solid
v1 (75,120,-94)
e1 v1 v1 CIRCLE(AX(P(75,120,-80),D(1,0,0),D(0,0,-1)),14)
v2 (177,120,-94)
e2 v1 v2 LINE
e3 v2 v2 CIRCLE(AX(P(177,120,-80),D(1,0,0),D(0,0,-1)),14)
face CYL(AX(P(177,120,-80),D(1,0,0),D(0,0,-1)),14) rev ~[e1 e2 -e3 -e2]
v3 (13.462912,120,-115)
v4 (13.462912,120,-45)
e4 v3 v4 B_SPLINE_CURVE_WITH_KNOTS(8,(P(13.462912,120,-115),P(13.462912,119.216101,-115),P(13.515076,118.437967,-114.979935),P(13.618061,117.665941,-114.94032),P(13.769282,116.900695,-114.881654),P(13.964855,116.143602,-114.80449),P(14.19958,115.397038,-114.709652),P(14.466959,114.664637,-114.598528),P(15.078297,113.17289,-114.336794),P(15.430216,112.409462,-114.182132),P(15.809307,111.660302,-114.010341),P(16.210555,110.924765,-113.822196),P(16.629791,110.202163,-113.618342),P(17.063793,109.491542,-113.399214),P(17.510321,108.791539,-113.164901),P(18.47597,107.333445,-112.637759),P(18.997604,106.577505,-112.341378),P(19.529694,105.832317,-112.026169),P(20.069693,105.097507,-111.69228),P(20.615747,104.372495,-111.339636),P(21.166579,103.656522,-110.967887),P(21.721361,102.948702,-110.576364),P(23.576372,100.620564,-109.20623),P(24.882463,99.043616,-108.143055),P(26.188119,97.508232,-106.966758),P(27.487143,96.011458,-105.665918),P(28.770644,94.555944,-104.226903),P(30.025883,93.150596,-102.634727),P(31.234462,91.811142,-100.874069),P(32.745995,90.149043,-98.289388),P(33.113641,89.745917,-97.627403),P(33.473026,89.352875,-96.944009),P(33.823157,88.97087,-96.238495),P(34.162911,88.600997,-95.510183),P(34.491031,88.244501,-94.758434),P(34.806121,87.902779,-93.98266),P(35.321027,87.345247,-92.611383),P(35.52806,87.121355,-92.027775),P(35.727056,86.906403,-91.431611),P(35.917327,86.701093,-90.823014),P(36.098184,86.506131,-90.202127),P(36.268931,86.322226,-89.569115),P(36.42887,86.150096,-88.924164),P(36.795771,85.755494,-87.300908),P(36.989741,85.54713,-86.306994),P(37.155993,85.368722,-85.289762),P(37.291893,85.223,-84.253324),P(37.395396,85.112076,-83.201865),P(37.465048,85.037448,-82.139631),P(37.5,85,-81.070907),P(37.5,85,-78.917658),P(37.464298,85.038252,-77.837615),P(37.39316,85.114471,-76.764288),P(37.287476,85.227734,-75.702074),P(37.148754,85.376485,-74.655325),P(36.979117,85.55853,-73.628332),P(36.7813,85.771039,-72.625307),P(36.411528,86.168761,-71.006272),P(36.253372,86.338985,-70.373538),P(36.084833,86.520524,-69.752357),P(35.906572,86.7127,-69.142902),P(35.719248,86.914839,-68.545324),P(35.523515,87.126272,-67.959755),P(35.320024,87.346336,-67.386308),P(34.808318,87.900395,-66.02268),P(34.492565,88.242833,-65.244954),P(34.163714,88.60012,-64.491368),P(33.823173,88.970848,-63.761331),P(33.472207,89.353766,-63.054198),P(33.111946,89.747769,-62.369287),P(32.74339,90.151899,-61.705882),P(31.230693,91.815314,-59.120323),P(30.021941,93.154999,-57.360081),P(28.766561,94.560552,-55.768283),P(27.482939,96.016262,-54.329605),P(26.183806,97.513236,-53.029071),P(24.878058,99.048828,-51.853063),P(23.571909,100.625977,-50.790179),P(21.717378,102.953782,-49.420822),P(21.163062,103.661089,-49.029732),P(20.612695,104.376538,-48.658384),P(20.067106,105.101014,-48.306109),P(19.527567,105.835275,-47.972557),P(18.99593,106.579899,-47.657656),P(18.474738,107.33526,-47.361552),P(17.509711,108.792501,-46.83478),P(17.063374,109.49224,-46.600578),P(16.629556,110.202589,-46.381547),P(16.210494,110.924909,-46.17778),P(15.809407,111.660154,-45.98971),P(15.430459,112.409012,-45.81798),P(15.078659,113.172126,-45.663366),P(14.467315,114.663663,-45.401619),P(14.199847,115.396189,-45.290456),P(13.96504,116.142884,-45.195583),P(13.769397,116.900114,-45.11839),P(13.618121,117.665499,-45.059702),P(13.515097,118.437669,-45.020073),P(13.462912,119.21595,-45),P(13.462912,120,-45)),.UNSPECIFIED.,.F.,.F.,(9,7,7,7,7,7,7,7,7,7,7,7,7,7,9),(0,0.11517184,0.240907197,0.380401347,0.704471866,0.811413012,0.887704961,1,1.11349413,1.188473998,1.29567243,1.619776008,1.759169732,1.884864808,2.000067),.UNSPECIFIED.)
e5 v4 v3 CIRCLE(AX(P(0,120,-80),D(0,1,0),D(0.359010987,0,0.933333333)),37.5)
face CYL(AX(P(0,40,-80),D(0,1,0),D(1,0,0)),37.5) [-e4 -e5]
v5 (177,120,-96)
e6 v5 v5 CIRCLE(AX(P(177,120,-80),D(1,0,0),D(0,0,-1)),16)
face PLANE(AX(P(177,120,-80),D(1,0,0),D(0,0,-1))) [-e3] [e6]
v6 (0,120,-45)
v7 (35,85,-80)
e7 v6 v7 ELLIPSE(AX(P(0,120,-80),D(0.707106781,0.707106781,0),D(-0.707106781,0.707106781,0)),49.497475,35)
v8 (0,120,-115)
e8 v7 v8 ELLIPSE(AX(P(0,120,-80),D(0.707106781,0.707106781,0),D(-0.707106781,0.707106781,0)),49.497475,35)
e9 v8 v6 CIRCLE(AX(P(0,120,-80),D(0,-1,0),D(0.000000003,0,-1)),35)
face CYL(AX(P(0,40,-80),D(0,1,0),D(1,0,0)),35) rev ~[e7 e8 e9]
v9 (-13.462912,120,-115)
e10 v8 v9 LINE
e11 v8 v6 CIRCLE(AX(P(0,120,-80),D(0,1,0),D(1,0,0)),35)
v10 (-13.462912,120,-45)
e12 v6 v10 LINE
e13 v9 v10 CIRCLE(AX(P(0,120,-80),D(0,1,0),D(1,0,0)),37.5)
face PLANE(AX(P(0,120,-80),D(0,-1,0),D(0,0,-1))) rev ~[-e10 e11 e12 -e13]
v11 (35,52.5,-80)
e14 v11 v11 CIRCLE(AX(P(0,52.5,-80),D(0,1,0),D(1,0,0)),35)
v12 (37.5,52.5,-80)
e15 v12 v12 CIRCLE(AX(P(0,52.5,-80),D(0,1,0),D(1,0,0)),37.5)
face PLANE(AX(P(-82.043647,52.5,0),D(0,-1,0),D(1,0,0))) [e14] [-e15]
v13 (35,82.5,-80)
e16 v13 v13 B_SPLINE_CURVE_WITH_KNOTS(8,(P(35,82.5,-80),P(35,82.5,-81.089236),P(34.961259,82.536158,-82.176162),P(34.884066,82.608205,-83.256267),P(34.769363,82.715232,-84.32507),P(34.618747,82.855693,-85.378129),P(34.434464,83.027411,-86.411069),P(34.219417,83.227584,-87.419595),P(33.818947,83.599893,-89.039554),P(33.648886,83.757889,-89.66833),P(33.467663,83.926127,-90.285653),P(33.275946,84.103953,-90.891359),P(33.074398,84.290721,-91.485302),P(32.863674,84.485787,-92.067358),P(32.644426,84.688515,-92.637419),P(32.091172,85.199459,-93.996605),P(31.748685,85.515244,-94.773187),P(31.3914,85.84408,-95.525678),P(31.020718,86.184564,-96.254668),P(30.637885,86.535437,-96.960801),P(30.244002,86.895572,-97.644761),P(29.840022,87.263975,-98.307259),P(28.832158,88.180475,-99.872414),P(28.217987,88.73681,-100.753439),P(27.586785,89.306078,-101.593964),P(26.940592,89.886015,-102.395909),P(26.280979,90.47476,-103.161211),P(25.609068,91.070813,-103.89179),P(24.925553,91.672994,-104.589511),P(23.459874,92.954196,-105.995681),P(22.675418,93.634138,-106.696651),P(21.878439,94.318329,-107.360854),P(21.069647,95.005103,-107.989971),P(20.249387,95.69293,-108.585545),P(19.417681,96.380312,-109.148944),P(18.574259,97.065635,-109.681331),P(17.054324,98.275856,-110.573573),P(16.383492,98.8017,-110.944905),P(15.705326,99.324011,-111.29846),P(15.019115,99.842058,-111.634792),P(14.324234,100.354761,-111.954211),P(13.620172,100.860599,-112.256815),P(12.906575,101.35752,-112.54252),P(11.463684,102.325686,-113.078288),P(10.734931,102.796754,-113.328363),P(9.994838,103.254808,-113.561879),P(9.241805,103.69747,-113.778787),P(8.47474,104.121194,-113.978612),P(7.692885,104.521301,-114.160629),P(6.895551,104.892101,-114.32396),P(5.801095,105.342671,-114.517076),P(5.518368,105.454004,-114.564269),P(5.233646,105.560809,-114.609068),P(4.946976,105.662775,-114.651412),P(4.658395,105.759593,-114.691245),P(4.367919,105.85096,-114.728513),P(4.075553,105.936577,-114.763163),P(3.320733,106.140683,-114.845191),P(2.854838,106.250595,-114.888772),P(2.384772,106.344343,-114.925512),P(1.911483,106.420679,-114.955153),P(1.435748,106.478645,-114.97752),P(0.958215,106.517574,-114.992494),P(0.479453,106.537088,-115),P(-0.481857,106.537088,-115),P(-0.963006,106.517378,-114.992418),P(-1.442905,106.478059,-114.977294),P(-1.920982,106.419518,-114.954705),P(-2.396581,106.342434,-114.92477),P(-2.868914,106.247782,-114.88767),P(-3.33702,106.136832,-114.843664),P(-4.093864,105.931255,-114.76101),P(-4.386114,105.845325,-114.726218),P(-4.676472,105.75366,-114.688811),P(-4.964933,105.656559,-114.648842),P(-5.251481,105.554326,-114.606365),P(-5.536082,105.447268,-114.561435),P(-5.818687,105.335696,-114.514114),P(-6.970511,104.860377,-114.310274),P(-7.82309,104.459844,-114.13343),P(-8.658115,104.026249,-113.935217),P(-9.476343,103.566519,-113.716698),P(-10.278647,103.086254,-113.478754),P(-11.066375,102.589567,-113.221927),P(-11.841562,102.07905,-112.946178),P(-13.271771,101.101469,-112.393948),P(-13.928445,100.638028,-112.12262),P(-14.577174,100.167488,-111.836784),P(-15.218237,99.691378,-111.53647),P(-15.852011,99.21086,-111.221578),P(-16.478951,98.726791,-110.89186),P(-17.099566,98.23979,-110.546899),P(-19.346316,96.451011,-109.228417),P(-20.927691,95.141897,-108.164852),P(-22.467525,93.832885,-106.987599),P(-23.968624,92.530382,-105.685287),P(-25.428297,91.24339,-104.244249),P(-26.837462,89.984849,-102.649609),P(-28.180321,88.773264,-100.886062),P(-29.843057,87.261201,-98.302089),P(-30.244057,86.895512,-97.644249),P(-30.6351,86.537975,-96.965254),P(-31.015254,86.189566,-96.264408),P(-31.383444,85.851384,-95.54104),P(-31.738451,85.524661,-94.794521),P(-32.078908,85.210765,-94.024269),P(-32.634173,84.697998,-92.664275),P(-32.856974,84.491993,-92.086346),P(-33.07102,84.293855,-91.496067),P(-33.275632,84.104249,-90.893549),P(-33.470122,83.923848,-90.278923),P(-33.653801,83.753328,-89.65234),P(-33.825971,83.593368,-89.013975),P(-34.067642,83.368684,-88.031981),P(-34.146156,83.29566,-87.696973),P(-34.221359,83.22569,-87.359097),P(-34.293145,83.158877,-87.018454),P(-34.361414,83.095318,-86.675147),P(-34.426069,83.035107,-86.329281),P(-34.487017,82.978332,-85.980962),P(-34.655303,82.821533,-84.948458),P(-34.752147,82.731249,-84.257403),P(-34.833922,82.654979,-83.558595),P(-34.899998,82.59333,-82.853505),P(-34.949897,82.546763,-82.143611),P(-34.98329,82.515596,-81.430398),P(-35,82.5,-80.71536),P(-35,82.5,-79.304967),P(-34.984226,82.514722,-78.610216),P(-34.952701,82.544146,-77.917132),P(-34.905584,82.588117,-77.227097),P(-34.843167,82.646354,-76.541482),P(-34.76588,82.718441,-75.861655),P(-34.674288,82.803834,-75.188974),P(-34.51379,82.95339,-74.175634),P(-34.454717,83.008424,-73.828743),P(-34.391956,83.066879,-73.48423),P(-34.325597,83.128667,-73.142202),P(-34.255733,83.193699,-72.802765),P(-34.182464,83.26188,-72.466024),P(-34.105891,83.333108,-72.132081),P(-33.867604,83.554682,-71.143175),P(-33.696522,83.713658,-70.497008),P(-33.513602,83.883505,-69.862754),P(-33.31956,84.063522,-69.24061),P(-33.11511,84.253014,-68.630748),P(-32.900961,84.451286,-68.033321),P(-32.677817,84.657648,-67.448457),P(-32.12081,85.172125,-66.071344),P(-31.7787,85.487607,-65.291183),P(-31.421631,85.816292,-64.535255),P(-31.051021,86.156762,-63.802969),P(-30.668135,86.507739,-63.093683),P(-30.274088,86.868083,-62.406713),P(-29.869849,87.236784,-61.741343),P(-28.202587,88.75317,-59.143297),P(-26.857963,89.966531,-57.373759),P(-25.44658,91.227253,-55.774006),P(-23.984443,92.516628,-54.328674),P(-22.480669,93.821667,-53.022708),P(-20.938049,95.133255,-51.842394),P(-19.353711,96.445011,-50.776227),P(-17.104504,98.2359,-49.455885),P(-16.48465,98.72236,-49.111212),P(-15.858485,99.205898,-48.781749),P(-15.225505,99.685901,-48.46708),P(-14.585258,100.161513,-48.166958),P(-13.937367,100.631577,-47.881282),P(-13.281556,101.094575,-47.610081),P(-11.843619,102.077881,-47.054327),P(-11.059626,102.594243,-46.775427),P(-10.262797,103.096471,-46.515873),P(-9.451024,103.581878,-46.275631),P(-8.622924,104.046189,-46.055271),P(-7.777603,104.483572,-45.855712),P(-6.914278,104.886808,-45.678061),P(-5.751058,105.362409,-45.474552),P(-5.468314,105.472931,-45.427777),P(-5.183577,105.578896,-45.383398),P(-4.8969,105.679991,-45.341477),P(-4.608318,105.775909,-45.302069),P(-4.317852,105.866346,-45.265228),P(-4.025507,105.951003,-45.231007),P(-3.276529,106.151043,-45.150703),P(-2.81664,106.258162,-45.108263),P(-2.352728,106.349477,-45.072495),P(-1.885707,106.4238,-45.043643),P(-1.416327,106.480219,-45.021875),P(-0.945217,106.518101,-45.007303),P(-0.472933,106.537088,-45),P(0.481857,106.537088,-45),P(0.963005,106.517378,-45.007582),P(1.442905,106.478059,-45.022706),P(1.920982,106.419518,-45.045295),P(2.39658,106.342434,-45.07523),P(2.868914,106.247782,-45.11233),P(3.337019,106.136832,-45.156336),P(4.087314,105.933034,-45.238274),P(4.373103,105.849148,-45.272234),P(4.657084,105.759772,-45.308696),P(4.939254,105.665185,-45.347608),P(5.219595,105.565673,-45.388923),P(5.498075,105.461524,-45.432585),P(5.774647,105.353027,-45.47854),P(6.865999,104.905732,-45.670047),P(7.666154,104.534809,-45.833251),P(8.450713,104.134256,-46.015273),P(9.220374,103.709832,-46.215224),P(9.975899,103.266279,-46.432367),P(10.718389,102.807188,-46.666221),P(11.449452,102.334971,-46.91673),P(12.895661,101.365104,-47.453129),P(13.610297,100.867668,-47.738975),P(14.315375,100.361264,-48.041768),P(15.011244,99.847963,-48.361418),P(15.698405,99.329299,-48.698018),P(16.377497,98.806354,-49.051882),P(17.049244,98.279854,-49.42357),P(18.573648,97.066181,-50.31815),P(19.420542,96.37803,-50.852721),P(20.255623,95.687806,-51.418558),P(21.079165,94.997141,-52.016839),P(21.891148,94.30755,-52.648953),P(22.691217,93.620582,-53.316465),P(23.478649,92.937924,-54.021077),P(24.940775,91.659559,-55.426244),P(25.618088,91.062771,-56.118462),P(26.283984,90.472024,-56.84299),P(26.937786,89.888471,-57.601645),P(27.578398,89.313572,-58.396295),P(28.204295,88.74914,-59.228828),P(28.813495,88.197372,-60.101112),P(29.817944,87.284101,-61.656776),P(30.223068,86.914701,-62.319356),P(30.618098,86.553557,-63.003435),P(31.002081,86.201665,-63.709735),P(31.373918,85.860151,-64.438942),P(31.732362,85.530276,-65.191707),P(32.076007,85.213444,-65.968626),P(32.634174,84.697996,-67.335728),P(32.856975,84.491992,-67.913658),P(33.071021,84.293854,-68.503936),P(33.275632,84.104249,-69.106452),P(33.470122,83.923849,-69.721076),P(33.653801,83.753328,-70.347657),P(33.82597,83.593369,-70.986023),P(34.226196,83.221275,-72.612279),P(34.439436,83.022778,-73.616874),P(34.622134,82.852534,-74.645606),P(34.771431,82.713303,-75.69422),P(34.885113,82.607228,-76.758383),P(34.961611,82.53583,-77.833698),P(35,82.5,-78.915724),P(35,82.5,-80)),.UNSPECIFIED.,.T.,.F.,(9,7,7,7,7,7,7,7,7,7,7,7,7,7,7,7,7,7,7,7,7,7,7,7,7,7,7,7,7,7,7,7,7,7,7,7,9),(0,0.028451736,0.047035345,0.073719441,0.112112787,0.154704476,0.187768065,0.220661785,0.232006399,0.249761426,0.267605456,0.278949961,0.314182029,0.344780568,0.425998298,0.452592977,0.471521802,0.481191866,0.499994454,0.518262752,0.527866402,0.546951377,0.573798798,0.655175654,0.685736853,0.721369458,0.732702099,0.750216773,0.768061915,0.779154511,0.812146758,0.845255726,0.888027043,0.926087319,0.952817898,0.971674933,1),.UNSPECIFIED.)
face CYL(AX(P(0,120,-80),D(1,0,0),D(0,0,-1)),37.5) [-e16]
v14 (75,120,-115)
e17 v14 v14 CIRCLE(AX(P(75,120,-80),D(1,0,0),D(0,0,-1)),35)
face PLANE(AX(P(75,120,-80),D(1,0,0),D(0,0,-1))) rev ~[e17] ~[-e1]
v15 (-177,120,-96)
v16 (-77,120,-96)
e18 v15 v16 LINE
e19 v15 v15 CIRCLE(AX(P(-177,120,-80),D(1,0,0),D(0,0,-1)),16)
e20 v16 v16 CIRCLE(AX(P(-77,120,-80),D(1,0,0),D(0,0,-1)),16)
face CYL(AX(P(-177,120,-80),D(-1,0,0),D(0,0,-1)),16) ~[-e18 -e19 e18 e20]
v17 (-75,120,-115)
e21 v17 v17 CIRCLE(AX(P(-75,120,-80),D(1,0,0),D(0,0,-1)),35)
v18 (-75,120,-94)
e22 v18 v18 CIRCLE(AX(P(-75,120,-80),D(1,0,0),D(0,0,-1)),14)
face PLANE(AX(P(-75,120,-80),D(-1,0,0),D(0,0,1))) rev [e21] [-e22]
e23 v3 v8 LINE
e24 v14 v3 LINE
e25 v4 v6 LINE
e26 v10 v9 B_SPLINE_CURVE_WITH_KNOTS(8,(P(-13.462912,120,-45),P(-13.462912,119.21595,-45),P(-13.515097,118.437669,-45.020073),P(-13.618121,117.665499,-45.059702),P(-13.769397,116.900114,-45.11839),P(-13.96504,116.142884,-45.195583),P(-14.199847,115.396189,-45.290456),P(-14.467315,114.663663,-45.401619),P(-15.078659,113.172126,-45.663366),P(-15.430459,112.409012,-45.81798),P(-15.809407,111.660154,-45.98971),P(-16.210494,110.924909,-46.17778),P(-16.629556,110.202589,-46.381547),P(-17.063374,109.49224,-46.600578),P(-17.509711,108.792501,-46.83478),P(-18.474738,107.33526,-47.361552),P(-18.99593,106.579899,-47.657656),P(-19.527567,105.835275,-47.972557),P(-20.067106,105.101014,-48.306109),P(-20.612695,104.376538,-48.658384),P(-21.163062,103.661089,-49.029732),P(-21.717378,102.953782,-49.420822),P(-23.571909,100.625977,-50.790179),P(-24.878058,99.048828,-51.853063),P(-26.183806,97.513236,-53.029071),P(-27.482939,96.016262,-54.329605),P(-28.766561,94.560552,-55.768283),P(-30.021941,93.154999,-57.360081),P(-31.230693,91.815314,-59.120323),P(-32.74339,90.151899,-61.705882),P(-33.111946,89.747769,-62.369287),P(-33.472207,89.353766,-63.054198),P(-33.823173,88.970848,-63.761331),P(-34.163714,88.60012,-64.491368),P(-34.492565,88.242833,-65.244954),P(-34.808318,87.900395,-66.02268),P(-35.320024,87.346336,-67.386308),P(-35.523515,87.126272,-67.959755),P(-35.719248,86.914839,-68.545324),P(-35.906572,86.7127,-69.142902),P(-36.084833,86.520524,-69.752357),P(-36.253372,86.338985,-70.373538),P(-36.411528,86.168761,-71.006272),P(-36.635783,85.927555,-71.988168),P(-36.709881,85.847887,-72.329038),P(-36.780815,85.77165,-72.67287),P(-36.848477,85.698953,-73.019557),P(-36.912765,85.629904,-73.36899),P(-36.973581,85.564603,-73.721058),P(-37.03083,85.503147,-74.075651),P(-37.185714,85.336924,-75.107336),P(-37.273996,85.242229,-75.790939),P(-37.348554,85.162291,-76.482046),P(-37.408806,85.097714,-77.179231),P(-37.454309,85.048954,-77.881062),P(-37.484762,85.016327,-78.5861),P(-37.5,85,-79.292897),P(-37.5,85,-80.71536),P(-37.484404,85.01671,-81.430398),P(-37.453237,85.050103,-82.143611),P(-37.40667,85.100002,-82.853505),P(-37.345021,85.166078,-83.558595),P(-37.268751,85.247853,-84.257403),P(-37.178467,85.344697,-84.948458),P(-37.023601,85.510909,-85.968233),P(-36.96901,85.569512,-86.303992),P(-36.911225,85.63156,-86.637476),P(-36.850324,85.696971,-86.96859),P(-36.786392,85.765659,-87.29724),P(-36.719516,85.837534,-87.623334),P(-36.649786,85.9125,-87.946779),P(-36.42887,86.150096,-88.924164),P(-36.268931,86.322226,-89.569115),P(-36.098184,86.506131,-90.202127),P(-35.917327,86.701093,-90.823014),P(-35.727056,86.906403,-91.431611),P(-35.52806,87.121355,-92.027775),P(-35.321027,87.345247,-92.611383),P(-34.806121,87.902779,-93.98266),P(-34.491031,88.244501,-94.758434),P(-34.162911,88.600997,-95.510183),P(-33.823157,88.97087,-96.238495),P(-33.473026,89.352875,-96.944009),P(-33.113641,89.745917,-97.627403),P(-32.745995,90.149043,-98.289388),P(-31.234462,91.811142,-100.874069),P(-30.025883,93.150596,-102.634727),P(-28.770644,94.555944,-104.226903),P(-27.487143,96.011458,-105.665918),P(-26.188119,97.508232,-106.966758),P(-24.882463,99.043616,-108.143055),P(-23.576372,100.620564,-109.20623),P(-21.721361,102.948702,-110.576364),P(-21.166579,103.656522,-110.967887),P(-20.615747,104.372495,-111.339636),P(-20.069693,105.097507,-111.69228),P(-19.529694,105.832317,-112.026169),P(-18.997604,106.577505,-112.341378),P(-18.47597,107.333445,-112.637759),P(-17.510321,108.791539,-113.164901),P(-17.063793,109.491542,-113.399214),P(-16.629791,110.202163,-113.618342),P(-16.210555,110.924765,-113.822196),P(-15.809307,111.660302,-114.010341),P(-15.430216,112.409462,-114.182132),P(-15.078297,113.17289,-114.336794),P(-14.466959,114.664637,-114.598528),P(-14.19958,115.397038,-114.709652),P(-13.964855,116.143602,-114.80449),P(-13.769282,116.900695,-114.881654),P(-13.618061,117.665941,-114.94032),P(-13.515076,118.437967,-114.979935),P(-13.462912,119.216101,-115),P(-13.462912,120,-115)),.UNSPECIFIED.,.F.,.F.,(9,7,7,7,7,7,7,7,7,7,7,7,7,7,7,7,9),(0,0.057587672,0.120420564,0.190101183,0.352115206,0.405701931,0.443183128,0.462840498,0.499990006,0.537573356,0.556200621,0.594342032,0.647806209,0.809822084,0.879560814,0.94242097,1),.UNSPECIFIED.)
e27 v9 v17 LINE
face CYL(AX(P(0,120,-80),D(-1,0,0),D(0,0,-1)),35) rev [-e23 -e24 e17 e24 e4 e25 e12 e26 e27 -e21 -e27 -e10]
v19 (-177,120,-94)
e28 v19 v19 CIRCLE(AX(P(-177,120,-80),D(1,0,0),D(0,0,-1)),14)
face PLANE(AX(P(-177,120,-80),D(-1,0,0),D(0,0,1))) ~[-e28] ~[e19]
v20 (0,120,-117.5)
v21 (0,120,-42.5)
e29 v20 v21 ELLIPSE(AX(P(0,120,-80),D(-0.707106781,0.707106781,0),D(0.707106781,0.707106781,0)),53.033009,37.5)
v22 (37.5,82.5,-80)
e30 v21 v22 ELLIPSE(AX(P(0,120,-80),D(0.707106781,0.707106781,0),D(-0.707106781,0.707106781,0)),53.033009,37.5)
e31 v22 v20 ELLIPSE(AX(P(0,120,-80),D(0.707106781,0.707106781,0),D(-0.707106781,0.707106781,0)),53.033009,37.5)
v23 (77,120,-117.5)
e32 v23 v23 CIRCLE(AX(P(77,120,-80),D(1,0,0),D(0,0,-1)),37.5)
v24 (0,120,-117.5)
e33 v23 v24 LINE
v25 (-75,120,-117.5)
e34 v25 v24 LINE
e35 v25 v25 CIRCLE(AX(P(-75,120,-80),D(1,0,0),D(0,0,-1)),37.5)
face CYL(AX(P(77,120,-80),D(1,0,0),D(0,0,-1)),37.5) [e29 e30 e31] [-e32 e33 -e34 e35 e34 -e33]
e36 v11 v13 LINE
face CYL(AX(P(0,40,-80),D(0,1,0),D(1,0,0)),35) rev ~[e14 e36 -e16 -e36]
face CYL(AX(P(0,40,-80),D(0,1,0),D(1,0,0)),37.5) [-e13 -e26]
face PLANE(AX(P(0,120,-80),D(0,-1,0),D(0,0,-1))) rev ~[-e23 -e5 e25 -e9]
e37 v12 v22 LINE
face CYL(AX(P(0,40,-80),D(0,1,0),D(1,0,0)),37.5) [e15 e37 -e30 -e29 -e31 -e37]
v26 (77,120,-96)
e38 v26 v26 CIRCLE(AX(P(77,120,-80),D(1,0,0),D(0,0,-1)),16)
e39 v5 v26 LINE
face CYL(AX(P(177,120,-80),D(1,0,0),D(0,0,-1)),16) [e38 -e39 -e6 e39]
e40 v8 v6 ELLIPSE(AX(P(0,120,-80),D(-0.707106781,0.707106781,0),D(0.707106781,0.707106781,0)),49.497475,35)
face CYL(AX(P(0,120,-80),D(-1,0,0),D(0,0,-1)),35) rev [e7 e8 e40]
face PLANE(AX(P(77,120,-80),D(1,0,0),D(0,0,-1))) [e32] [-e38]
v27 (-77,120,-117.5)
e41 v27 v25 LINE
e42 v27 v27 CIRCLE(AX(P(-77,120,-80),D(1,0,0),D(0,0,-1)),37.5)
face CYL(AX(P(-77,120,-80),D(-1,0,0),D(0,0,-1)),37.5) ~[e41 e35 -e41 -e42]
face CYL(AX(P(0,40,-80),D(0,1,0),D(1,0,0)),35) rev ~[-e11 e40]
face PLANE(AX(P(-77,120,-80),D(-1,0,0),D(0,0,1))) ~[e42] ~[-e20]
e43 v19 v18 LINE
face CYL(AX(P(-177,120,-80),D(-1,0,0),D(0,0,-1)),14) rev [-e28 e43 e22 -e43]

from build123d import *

# Parameters (mm, degrees)
SKETCH_1_R          = 37.5
SKETCH_1_R_2        = 35
SKETCH_4_R          = 37.5
SKETCH_4_R_2        = 35
EXTRUDE_1_DEPTH     = 75
EXTRUDE_START       = 2
SKETCH_5_R          = 37.5
SKETCH_5_R_2        = 14
EXTRUDE_2_DEPTH     = 2
EXTRUDE_START_2     = 100
SKETCH_6_R          = 16
SKETCH_6_R_2        = 14
EXTRUDE_3_DEPTH     = 100
SKETCH_7_W          = 164.087293052
SKETCH_7_H          = 105
CUT_EXTRUDE_1_DEPTH = 265.464553435


with BuildPart() as part:
    # 扫描2: sweep along a path in 草图2
    with BuildLine(Plane(origin=(0, 0, 0), x_dir=(0, 0, -1), z_dir=(1, 0, 0))) as sweep_2_path:
        Line((0, 0), (40, 0))
        ThreePointArc((40, 0), (68.284271247, 11.715728753), (80, 40))
        Line((80, 40), (80, 120))
    # 草图1 → 扫描2 (sweep)
    with BuildSketch(Plane.XY):
        Circle(SKETCH_1_R)
        Circle(SKETCH_1_R_2, mode=Mode.SUBTRACT)
    sweep(path=sweep_2_path.line)

    # 草图4 → 凸台-拉伸1 (add, symmetric)
    with BuildSketch(Plane(origin=(0, 0, 0), x_dir=(0, 0, -1), z_dir=(1, 0, 0))):
        with Locations((80, 120)):
            Circle(SKETCH_4_R)
        with Locations((80, 120)):
            Circle(SKETCH_4_R_2, mode=Mode.SUBTRACT)
    extrude(amount=EXTRUDE_1_DEPTH, both=True)

    # 草图5 → 凸台-拉伸2 (add)
    with BuildSketch(Plane(origin=(75, 0, 0), x_dir=(0, 0, -1), z_dir=(1, 0, 0)).offset(EXTRUDE_START)):
        with Locations((80, 120)):
            Circle(SKETCH_5_R)
        with Locations((80, 120)):
            Circle(SKETCH_5_R_2, mode=Mode.SUBTRACT)
    extrude_2 = extrude(amount=-EXTRUDE_2_DEPTH)

    # 草图6 → 凸台-拉伸3 (add)
    with BuildSketch(Plane(origin=(77, 0, 0), x_dir=(0, 0, -1), z_dir=(1, 0, 0)).offset(EXTRUDE_START_2)):
        with Locations((80, 120)):
            Circle(SKETCH_6_R)
        with Locations((80, 120)):
            Circle(SKETCH_6_R_2, mode=Mode.SUBTRACT)
    extrude_3 = extrude(amount=-EXTRUDE_3_DEPTH)

    # 镜向1: 凸台-拉伸2, 凸台-拉伸3 across plane
    add(extrude_2.mirror(Plane(origin=(0, 0, 0), x_dir=(0, 0, 1), z_dir=(1, 0, 0))))
    add(extrude_3.mirror(Plane(origin=(0, 0, 0), x_dir=(0, 0, 1), z_dir=(1, 0, 0))))

    # 草图7 → 切除-拉伸1 (cut, through all)
    with BuildSketch(Plane.XY):
        Rectangle(SKETCH_7_W, SKETCH_7_H)
    extrude(amount=-CUT_EXTRUDE_1_DEPTH, mode=Mode.SUBTRACT)


solid = part.part
